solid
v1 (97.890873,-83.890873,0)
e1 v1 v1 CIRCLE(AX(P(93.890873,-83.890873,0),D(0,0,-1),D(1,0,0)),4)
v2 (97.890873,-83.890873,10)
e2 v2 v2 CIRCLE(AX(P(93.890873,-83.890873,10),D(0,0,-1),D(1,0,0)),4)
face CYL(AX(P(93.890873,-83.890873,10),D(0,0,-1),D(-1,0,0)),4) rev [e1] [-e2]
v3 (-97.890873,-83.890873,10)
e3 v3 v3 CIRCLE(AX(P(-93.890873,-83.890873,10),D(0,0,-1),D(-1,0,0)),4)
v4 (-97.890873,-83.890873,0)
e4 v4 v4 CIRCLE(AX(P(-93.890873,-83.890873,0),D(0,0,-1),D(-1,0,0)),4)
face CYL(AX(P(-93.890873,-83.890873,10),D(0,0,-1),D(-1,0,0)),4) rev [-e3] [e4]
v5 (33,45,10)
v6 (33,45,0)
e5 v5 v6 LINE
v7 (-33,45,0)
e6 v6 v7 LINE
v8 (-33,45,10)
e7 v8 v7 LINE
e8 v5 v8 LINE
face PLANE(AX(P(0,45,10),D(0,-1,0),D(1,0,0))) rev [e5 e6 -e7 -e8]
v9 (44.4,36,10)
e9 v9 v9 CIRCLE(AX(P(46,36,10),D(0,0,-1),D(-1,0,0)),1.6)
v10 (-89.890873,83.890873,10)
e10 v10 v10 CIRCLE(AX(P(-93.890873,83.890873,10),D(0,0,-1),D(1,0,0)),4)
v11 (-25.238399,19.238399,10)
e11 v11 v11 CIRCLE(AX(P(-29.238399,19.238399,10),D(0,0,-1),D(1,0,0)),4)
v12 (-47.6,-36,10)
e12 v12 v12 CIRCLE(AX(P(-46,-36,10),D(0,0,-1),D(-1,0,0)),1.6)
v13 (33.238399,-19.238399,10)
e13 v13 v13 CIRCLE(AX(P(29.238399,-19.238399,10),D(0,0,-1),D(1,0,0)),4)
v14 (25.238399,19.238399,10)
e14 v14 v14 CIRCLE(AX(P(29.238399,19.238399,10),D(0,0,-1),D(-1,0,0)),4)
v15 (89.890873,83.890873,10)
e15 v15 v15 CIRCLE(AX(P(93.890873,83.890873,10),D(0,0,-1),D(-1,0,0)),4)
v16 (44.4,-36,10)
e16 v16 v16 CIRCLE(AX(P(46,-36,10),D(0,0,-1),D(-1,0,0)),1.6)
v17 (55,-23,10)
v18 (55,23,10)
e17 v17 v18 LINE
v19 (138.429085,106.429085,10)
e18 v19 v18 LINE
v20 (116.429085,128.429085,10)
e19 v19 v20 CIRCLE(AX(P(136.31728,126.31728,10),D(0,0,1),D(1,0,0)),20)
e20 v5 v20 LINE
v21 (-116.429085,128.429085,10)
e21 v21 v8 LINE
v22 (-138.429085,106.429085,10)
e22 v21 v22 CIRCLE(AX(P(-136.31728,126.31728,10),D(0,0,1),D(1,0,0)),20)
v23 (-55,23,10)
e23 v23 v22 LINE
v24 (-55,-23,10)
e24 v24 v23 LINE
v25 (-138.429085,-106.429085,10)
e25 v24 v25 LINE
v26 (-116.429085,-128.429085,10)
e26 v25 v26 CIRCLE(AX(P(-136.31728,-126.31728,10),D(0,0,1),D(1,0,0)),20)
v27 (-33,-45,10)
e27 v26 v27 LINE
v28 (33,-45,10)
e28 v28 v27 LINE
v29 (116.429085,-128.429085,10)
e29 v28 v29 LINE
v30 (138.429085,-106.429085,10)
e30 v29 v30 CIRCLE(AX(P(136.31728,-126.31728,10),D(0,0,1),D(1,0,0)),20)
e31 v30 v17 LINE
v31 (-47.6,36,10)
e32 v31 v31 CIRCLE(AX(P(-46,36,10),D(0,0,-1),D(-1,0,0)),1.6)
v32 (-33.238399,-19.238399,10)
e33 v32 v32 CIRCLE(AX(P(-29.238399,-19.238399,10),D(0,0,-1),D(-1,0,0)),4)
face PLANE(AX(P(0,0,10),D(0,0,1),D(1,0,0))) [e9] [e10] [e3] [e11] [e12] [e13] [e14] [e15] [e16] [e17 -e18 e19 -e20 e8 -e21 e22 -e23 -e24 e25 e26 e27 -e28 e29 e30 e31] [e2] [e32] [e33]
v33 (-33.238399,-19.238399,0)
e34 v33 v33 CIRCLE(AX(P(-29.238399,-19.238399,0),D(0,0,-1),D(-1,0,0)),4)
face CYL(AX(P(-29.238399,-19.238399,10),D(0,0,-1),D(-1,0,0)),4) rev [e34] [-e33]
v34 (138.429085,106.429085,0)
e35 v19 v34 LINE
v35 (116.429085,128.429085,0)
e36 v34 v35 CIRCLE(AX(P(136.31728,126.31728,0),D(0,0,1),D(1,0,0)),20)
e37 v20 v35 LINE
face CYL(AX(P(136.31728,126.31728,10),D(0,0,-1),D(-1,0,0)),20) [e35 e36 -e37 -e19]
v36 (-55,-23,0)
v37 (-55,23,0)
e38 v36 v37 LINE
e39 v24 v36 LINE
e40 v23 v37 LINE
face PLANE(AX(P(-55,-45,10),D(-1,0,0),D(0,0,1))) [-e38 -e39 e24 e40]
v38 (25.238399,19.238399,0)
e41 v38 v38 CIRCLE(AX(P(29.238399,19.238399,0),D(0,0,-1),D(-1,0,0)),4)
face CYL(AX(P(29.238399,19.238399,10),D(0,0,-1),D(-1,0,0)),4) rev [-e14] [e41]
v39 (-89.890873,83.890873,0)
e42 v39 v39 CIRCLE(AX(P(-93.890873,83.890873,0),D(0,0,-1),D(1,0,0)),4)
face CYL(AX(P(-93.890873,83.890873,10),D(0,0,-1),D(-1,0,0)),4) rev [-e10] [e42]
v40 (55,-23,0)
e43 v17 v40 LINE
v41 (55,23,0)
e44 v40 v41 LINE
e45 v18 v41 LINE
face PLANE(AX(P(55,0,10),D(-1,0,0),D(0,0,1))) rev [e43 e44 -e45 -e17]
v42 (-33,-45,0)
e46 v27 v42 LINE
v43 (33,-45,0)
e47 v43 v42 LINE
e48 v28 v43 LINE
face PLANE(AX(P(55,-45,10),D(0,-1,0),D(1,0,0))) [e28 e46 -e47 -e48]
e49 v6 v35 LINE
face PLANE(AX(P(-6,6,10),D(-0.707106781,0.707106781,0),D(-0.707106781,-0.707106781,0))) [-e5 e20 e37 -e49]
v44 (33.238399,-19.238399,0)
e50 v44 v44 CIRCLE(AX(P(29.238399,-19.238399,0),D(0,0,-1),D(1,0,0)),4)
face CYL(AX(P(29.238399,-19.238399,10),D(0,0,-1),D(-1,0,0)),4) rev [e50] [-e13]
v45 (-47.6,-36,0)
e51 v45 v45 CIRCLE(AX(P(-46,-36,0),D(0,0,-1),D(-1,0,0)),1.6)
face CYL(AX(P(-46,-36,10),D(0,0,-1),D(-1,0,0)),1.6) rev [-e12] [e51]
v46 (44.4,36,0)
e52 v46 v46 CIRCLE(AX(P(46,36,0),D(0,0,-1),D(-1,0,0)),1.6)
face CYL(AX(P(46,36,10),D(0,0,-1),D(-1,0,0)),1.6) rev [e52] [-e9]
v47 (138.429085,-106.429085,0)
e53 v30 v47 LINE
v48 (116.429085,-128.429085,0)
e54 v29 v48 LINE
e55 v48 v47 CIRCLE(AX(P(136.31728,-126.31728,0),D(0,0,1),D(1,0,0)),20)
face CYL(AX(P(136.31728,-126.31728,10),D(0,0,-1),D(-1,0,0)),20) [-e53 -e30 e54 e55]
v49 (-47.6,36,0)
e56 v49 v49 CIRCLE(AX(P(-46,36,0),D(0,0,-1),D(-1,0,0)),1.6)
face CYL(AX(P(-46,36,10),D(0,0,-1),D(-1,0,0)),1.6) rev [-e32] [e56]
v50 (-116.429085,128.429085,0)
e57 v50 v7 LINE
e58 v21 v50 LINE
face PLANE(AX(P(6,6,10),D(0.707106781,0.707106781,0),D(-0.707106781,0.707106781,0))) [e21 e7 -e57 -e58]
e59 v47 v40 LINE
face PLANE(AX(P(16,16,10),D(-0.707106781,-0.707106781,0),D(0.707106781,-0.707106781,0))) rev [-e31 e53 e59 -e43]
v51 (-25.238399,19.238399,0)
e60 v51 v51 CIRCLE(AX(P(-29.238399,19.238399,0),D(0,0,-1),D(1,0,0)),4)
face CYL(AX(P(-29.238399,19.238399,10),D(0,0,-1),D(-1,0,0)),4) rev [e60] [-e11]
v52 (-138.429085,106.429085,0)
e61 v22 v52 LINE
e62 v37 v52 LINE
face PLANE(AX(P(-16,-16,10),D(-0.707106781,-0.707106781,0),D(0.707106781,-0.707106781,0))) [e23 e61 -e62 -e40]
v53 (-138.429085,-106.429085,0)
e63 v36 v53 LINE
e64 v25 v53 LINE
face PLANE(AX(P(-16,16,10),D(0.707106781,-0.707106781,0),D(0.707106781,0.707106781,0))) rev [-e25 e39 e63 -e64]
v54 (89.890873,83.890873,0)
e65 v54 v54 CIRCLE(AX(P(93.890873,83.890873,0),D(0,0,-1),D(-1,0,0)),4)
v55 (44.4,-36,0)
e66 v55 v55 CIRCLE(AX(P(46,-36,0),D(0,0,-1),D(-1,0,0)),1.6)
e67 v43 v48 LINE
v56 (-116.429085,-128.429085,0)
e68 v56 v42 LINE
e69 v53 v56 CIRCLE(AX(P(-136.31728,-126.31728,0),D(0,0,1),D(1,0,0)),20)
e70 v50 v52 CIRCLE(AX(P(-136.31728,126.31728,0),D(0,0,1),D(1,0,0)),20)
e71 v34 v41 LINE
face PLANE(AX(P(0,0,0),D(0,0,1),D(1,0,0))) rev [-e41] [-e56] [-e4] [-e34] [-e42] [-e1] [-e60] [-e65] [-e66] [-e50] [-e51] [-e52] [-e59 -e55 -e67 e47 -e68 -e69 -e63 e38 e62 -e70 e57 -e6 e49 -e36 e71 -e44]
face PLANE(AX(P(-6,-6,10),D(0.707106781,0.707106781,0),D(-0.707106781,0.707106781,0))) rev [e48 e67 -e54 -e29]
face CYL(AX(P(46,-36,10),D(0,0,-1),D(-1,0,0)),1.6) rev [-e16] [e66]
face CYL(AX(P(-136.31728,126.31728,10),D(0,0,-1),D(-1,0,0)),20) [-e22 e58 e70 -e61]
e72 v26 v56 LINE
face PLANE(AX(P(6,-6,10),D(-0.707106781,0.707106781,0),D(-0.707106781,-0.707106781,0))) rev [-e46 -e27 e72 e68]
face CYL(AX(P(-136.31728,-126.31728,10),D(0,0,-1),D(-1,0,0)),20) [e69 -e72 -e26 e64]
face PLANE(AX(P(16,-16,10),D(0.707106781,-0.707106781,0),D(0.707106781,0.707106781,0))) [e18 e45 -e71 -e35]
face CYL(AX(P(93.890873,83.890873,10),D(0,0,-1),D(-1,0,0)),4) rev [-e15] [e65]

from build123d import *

# Parameters (mm, degrees)
ESQUISSE1_W             = 110
ESQUISSE1_H             = 90
BOSS_EXTRU_1_DEPTH      = 10
ESQUISSE3_R             = 4
ESQUISSE3_R_2           = 1.6
ENL_V_MAT_EXTRU_2_DEPTH = 215.345138396


with BuildPart() as part:
    # Esquisse1 → Boss.-Extru.1 (new body)
    with BuildSketch(Plane.XY):
        with BuildLine():
            ThreePointArc((-116.429085419, 128.429085419), (-150.45941546, 140.45941546), (-138.429085419, 106.429085419))
            Line((-138.429085419, 106.429085419), (-147.317279836, 115.317279836))
            Line((-147.317279836, 115.317279836), (-125.317279836, 137.317279836))
            Line((-125.317279836, 137.317279836), (-116.429085419, 128.429085419))
        make_face()
        with BuildLine():
            Line((-147.317279836, 115.317279836), (-138.429085419, 106.429085419))
            ThreePointArc((-138.429085419, 106.429085419), (-122.942604357, 111.447240972), (-116.317279836, 126.317279836))
            ThreePointArc((-116.317279836, 126.317279836), (-116.345250791, 127.374661426), (-116.429085419, 128.429085419))
            Line((-116.429085419, 128.429085419), (-125.317279836, 137.317279836))
            Line((-125.317279836, 137.317279836), (-147.317279836, 115.317279836))
        make_face()
        with BuildLine():
            Line((-138.429085419, 106.429085419), (-55, 23))
            Line((-55, 23), (-55, 45))
            Line((-55, 45), (-33, 45))
            Line((-33, 45), (-116.429085419, 128.429085419))
            ThreePointArc((-116.429085419, 128.429085419), (-116.345250791, 127.374661426), (-116.317279836, 126.317279836))
            ThreePointArc((-116.317279836, 126.317279836), (-122.942604357, 111.447240972), (-138.429085419, 106.429085419))
        make_face()
        with BuildLine():
            Line((116.429085419, 128.429085419), (33, 45))
            Line((33, 45), (55, 45))
            Line((55, 45), (55, 23))
            Line((55, 23), (138.429085419, 106.429085419))
            ThreePointArc((138.429085419, 106.429085419), (122.175144213, 112.175144213), (116.429085419, 128.429085419))
        make_face()
        with BuildLine():
            ThreePointArc((156.317279836, 126.317279836), (137.374661426, 146.289308881), (116.429085419, 128.429085419))
            Line((116.429085419, 128.429085419), (125.317279836, 137.317279836))
            Line((125.317279836, 137.317279836), (147.317279836, 115.317279836))
            Line((147.317279836, 115.317279836), (138.429085419, 106.429085419))
            ThreePointArc((138.429085419, 106.429085419), (151.187318701, 112.942604357), (156.317279836, 126.317279836))
        make_face()
        with BuildLine():
            Line((125.317279836, 137.317279836), (116.429085419, 128.429085419))
            ThreePointArc((116.429085419, 128.429085419), (122.175144213, 112.175144213), (138.429085419, 106.429085419))
            Line((138.429085419, 106.429085419), (147.317279836, 115.317279836))
            Line((147.317279836, 115.317279836), (125.317279836, 137.317279836))
        make_face()
        Rectangle(ESQUISSE1_W, ESQUISSE1_H)
        with BuildLine():
            ThreePointArc((138.429085419, -106.429085419), (122.175144213, -112.175144213), (116.429085419, -128.429085419))
            Line((116.429085419, -128.429085419), (125.317279836, -137.317279836))
            Line((125.317279836, -137.317279836), (147.317279836, -115.317279836))
            Line((147.317279836, -115.317279836), (138.429085419, -106.429085419))
        make_face()
        with BuildLine():
            Line((125.317279836, -137.317279836), (116.429085419, -128.429085419))
            ThreePointArc((116.429085419, -128.429085419), (137.374661426, -146.289308881), (156.317279836, -126.317279836))
            ThreePointArc((156.317279836, -126.317279836), (151.187318701, -112.942604357), (138.429085419, -106.429085419))
            Line((138.429085419, -106.429085419), (147.317279836, -115.317279836))
            Line((147.317279836, -115.317279836), (125.317279836, -137.317279836))
        make_face()
        with BuildLine():
            Line((55, -45), (33, -45))
            Line((33, -45), (116.429085419, -128.429085419))
            ThreePointArc((116.429085419, -128.429085419), (122.175144213, -112.175144213), (138.429085419, -106.429085419))
            Line((138.429085419, -106.429085419), (55, -23))
            Line((55, -23), (55, -45))
        make_face()
        with BuildLine():
            ThreePointArc((-116.317279836, -126.317279836), (-122.942604357, -111.447240972), (-138.429085419, -106.429085419))
            Line((-138.429085419, -106.429085419), (-147.317279836, -115.317279836))
            Line((-147.317279836, -115.317279836), (-125.317279836, -137.317279836))
            Line((-125.317279836, -137.317279836), (-116.429085419, -128.429085419))
            ThreePointArc((-116.429085419, -128.429085419), (-116.345250791, -127.374661426), (-116.317279836, -126.317279836))
        make_face()
        with BuildLine():
            Line((-147.317279836, -115.317279836), (-138.429085419, -106.429085419))
            ThreePointArc((-138.429085419, -106.429085419), (-150.45941546, -140.45941546), (-116.429085419, -128.429085419))
            Line((-116.429085419, -128.429085419), (-125.317279836, -137.317279836))
            Line((-125.317279836, -137.317279836), (-147.317279836, -115.317279836))
        make_face()
        with BuildLine():
            Line((-55, -45), (-55, -23))
            Line((-55, -23), (-138.429085419, -106.429085419))
            ThreePointArc((-138.429085419, -106.429085419), (-122.942604357, -111.447240972), (-116.317279836, -126.317279836))
            ThreePointArc((-116.317279836, -126.317279836), (-116.345250791, -127.374661426), (-116.429085419, -128.429085419))
            Line((-116.429085419, -128.429085419), (-33, -45))
            Line((-33, -45), (-55, -45))
        make_face()
    extrude(amount=BOSS_EXTRU_1_DEPTH)

    # Esquisse3 → Enlèv. mat.-Extru.2 (cut, through all)
    with BuildSketch(Plane(origin=(0, 0, 0), x_dir=(-1, 0, 0), z_dir=(0, 0, -1))):
        with Locations(Location((93.890872965, 83.890872965, 0), (0, 0, 180))):
            Circle(ESQUISSE3_R)
        with Locations((-93.890872965, 83.890872965)):
            Circle(ESQUISSE3_R)
        with Locations((-29.238399287, 19.238399287)):
            Circle(ESQUISSE3_R)
        with Locations((-46, 36)):
            Circle(ESQUISSE3_R_2)
        with Locations((46, 36)):
            Circle(ESQUISSE3_R_2)
        with Locations((46, -36)):
            Circle(ESQUISSE3_R_2)
        with Locations((-46, -36)):
            Circle(ESQUISSE3_R_2)
        with Locations(Location((29.238399287, 19.238399287, 0), (0, 0, 180))):
            Circle(ESQUISSE3_R)
        with Locations(Location((-93.890872965, -83.890872965, 0), (0, 0, 180))):
            Circle(ESQUISSE3_R)
        with Locations(Location((-29.238399287, -19.238399287, 0), (0, 0, 180))):
            Circle(ESQUISSE3_R)
        with Locations((29.238399287, -19.238399287)):
            Circle(ESQUISSE3_R)
        with Locations((93.890872965, -83.890872965)):
            Circle(ESQUISSE3_R)
    extrude(amount=-ENL_V_MAT_EXTRU_2_DEPTH, mode=Mode.SUBTRACT)


solid = part.part
